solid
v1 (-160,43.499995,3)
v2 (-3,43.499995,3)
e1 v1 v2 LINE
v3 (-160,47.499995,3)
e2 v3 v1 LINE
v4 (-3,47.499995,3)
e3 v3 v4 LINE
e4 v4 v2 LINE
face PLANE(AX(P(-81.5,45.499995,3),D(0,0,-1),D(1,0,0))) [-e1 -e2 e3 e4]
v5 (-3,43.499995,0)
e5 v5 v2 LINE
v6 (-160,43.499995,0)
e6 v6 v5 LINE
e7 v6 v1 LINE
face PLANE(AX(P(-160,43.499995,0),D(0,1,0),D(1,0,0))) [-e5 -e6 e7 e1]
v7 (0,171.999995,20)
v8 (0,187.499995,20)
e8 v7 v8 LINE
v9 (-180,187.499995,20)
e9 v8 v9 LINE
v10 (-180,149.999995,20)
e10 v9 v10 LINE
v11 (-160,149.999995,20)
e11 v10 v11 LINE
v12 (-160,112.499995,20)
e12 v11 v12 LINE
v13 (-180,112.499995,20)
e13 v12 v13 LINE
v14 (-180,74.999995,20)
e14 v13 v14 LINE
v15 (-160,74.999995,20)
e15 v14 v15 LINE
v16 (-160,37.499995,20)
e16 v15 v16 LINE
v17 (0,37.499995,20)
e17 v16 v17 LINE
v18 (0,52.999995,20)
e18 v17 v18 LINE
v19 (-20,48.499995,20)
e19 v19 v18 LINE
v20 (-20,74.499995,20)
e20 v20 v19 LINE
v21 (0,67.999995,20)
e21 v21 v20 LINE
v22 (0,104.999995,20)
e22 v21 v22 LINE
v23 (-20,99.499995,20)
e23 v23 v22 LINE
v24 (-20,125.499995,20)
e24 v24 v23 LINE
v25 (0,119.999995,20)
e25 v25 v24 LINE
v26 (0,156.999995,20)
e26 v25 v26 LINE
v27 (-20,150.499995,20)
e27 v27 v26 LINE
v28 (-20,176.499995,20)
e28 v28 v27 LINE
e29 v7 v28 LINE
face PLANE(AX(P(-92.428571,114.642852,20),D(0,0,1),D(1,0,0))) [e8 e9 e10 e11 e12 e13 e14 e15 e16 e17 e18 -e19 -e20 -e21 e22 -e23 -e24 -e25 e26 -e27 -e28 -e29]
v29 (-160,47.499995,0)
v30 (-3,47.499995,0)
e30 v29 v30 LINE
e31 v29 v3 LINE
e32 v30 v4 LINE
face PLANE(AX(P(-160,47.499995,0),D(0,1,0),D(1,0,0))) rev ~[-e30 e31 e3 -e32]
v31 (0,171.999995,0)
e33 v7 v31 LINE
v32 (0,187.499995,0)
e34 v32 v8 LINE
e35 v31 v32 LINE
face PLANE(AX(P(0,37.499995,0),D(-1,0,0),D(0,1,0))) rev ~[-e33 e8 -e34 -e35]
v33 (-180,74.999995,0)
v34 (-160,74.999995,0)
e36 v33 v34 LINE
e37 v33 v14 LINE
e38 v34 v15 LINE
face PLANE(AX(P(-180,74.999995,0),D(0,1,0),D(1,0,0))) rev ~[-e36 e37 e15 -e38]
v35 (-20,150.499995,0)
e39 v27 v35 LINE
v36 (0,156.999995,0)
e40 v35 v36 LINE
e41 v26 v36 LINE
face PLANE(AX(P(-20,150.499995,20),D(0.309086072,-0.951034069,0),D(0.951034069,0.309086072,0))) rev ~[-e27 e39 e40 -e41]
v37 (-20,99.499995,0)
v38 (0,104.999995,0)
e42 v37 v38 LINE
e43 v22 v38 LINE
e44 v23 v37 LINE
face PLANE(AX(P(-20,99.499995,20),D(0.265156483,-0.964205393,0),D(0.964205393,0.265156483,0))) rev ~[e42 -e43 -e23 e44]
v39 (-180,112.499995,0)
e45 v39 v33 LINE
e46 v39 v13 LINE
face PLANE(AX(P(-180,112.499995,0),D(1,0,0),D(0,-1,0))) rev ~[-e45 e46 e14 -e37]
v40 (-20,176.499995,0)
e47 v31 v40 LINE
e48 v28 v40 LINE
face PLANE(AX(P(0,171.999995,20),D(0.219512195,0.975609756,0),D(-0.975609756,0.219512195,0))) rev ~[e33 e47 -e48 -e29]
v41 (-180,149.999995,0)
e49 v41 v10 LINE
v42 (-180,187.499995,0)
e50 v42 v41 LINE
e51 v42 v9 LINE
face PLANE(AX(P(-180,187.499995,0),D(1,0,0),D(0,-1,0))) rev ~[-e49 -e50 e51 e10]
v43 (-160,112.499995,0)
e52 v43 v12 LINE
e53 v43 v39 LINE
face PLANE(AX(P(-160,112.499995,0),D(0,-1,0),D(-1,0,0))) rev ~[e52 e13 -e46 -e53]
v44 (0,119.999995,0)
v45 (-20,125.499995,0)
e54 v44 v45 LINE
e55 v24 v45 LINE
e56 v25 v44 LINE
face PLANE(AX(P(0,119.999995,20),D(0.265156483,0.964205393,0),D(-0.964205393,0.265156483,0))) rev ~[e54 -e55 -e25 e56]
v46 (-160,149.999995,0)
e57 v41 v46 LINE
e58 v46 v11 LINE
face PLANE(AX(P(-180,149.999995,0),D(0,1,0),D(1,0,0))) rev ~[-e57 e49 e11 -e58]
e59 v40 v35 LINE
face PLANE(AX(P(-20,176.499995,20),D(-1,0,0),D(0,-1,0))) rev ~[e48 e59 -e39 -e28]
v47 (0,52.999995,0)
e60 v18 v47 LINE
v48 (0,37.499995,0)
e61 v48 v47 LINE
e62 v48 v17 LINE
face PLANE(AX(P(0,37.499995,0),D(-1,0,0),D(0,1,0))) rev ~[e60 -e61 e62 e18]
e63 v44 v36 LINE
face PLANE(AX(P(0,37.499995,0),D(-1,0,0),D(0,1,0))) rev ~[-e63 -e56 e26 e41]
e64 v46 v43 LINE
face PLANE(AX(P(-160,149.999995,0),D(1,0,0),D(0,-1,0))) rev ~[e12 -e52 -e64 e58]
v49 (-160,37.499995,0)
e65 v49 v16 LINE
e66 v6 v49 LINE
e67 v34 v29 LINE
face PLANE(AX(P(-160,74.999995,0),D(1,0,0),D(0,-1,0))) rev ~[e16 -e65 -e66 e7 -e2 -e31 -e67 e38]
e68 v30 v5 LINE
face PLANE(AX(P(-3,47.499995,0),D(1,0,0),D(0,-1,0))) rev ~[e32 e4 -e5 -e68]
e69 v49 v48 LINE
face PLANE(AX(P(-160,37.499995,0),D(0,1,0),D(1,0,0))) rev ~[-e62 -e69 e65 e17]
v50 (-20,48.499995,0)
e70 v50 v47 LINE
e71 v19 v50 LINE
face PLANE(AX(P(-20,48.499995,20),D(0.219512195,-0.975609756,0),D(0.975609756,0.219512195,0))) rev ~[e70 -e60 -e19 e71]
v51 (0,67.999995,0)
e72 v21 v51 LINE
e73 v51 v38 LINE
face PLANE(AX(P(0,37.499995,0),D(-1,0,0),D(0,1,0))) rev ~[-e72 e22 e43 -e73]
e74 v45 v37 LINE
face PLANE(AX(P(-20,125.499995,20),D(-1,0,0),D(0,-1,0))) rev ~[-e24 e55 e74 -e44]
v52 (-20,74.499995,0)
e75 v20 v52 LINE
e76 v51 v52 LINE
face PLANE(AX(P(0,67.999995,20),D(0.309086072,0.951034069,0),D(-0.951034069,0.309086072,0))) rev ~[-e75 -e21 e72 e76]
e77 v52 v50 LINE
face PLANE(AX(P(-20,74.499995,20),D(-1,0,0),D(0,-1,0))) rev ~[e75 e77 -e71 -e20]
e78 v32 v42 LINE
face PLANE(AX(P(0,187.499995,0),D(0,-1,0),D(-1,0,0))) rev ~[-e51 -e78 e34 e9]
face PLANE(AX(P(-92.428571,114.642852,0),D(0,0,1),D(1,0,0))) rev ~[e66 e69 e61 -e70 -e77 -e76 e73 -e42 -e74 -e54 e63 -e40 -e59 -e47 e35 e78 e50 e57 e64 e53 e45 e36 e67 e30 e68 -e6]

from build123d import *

# Parameters (mm, degrees)
F1_DEPTH = 20
F3_DEPTH = 20
F4_W     = 157
F4_H     = 4
F5_DEPTH = 3


with BuildPart() as f1:
    # F0 (on Top) → F1 (new body)
    with BuildSketch(Plane.XY):
        Polygon((0, 187.499995), (-180, 187.499995), (-180, 149.999995), (-160, 149.999995), (-160, 112.499995), (-180, 112.499995), (-180, 74.999995), (-160, 74.999995), (-160, 37.499995), (0, 37.499995), align=None)
    extrude(amount=F1_DEPTH)

    # F2 (on face) → F3 (cut)
    with BuildSketch(Plane.XY.offset(20)):
        Polygon((0, 171.999995), (-20, 176.499995), (-20, 150.499995), (0, 156.999995), align=None)
        Polygon((0, 119.999995), (-20, 125.499995), (-20, 99.499995), (0, 104.999995), align=None)
        Polygon((0, 67.999995), (-20, 74.499995), (-20, 48.499995), (0, 52.999995), align=None)
    extrude(amount=-F3_DEPTH, mode=Mode.SUBTRACT)

    # F4 (on face) → F5 (cut)
    with BuildSketch(Plane(origin=(0, 0, 0), x_dir=(1, 0, 0), z_dir=(0, 0, -1))):
        with Locations((-81.5, -45.499995)):
            Rectangle(F4_W, F4_H)
    extrude(amount=-F5_DEPTH, mode=Mode.SUBTRACT)


solid = f1.part
